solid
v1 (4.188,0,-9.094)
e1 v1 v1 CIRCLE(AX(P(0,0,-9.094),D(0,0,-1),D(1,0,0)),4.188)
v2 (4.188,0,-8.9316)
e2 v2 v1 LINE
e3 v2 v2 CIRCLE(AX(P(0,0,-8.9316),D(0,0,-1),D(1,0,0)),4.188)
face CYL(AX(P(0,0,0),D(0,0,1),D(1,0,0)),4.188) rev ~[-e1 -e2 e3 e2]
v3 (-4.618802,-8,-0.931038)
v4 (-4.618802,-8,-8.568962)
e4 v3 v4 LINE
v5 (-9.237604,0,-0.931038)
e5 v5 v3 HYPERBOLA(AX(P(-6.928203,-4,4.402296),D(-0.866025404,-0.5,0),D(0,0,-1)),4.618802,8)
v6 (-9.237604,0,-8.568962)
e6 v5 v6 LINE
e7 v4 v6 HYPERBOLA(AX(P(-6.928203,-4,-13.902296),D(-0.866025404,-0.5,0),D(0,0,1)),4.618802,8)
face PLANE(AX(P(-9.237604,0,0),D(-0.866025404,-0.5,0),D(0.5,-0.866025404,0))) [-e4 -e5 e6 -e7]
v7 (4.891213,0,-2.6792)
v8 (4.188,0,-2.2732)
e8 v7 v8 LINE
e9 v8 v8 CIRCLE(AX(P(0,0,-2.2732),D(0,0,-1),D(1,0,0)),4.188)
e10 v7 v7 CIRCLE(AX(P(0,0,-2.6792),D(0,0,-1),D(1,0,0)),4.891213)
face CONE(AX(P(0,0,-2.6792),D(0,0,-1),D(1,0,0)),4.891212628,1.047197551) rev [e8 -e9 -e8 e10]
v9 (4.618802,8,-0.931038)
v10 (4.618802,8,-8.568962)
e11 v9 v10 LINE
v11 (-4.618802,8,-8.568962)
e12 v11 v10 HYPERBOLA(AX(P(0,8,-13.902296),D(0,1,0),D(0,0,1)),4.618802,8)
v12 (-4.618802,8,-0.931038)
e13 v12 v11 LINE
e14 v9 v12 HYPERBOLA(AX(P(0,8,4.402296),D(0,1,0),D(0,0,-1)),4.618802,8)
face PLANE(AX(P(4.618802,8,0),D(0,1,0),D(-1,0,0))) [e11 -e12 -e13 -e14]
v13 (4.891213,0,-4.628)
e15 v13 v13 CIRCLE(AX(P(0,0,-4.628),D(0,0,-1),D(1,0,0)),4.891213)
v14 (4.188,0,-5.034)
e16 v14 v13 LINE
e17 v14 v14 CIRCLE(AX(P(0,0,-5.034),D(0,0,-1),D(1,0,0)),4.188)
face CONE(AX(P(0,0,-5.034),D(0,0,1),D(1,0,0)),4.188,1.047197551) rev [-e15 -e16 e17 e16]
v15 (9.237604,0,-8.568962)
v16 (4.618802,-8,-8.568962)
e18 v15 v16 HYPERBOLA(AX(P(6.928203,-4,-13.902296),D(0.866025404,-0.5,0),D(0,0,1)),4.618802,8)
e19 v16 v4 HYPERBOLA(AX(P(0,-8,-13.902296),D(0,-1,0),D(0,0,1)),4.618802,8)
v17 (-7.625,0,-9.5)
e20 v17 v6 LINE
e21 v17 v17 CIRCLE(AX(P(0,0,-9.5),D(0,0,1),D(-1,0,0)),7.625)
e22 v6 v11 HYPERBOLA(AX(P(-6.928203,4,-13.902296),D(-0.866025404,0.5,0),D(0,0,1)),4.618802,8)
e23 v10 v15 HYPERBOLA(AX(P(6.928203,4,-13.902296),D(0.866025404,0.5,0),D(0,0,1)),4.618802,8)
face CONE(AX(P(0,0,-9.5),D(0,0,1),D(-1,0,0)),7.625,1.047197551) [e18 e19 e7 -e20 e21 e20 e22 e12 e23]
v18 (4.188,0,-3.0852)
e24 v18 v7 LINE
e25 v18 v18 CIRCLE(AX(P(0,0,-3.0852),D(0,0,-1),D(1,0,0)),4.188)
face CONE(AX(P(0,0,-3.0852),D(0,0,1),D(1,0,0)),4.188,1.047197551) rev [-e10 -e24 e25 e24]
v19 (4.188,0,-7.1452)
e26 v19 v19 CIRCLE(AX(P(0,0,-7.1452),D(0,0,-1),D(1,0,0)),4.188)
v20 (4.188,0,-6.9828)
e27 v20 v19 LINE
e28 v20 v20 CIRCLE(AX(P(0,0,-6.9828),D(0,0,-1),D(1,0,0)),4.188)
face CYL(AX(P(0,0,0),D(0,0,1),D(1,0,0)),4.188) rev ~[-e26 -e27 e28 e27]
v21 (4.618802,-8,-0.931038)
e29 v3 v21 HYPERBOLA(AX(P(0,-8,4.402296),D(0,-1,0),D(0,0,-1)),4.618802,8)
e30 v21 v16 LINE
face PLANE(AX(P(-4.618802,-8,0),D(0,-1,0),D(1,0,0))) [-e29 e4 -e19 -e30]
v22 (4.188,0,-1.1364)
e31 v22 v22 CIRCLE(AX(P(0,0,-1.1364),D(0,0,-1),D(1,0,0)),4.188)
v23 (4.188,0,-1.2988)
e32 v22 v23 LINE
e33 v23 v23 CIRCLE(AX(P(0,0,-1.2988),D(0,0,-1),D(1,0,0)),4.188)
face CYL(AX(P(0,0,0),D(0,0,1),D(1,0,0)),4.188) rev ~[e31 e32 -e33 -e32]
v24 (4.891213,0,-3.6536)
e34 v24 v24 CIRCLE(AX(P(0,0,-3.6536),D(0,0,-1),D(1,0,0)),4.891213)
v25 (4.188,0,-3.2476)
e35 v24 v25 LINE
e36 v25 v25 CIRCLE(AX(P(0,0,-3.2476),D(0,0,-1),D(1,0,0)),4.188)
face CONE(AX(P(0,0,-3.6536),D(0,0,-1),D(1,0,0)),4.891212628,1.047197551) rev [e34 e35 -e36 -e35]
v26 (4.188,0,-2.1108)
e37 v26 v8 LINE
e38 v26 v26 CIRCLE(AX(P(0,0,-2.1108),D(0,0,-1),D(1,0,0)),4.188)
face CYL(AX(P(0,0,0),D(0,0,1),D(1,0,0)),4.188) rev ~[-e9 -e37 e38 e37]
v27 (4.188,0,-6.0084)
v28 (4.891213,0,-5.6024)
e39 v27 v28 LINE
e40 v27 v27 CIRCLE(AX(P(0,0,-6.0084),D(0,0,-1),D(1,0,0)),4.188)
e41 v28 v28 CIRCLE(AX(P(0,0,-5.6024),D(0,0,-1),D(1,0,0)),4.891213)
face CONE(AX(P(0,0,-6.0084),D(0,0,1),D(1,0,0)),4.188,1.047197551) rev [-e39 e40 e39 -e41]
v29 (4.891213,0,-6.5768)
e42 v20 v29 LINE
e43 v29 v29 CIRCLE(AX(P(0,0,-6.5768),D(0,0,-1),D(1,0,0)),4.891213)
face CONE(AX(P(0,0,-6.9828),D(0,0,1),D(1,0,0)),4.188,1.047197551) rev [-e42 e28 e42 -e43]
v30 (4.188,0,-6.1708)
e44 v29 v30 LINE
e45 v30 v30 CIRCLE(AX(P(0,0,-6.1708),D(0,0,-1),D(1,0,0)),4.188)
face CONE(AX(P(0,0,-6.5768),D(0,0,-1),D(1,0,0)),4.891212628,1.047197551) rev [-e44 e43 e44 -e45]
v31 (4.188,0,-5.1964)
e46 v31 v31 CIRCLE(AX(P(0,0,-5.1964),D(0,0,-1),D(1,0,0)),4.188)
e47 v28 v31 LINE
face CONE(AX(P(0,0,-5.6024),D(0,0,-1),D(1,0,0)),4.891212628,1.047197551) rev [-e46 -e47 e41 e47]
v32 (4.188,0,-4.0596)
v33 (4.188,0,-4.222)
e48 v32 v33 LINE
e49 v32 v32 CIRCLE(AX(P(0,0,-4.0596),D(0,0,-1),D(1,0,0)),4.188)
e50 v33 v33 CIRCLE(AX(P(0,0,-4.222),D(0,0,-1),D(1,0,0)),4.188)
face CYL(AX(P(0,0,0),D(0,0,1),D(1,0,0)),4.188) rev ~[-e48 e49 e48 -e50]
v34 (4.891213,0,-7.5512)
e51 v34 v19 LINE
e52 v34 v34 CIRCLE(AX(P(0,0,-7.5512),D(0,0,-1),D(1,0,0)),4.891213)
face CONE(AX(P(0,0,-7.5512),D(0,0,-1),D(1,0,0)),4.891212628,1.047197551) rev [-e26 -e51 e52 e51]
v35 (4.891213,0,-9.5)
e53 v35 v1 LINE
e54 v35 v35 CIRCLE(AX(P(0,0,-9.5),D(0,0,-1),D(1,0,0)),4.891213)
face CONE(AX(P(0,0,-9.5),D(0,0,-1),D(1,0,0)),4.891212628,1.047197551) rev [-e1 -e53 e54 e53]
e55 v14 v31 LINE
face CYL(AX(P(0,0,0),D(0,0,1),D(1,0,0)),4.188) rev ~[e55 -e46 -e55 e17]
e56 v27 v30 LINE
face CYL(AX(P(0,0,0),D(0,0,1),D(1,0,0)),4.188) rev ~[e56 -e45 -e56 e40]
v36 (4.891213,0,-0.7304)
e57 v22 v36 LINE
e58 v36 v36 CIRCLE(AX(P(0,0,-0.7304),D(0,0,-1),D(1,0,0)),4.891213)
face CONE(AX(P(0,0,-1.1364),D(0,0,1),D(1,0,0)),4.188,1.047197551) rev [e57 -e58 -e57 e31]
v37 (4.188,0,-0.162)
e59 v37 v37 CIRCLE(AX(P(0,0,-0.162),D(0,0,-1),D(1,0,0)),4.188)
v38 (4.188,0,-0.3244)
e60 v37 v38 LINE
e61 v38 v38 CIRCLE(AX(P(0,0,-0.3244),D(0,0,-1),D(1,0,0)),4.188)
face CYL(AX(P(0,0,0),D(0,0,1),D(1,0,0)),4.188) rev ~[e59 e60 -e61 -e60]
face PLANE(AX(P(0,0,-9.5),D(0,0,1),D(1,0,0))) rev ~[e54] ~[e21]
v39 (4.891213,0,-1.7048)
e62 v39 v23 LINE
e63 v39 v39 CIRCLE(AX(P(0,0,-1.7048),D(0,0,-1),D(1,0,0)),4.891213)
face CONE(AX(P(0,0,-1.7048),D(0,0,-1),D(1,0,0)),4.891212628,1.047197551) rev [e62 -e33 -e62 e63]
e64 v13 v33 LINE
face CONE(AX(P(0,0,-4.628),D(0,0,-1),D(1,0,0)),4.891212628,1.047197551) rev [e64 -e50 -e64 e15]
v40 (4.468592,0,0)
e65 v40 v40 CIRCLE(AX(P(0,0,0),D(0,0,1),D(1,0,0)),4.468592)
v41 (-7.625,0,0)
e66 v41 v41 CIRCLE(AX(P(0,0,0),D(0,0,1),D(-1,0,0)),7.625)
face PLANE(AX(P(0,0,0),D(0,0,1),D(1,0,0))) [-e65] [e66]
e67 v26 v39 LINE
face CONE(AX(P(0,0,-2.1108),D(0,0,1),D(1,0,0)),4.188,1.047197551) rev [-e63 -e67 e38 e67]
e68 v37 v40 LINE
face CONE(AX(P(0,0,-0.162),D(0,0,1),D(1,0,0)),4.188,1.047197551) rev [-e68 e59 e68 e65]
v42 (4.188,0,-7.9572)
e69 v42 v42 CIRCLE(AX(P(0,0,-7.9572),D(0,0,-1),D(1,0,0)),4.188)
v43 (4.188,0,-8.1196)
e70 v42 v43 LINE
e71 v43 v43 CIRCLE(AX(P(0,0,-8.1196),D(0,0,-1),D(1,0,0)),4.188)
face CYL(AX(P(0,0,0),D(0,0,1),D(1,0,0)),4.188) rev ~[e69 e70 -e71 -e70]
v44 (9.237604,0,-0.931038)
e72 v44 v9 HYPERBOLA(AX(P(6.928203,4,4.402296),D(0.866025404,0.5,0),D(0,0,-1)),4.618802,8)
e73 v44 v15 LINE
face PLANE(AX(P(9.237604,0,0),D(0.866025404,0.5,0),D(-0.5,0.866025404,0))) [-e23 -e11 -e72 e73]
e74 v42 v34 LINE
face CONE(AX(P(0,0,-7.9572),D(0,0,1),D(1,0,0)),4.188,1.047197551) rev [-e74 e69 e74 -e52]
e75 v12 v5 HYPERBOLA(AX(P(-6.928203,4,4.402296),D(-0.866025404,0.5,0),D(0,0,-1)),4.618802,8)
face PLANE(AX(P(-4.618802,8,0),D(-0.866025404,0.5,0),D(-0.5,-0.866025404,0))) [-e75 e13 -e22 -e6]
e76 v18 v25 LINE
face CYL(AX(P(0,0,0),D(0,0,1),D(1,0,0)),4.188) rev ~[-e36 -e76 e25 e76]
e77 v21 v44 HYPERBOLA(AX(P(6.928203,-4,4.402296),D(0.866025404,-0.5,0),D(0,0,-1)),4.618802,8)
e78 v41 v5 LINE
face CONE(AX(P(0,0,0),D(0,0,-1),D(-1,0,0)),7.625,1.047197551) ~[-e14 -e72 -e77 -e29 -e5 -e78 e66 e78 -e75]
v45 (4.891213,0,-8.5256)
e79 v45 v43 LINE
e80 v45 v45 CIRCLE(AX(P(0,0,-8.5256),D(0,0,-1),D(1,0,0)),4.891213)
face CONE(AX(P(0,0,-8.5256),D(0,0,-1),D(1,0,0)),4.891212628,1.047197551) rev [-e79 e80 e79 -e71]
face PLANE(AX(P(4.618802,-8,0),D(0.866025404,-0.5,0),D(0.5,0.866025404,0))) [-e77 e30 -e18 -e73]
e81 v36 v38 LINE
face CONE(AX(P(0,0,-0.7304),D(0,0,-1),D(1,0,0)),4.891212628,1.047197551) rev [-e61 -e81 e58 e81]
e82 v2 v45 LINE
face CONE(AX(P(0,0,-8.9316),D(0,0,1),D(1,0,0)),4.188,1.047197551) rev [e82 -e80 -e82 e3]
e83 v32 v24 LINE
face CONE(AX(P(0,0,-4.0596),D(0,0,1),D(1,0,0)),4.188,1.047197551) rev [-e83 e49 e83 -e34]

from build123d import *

# Parameters (mm, degrees)
SKETCH1_R        = 4.188
BASENUT_DEPTH    = 9.5
LPATTERN10_COUNT = 11
LPATTERN10_PITCH = 0.9744


with BuildPart() as part:
    # Sketch1 → BaseNut (new body)
    with BuildSketch(Plane.XY):
        Polygon((4.618802154, -8), (9.237604307, 0), (4.618802154, 8), (-4.618802154, 8), (-9.237604307, 0), (-4.618802154, -8), align=None)
        Circle(SKETCH1_R, mode=Mode.SUBTRACT)
    extrude(amount=-BASENUT_DEPTH)

    # Sketch2 → Double-Chamfer (revolve, cut)
    with BuildSketch(Plane(origin=(0, 0, 0), x_dir=(1, 0, 0), z_dir=(0, 1, 0))):
        Polygon((-9.237604307, 9.5), (-7.625, 9.5), (-9.237604307, 8.568962469), align=None)
        Polygon((-9.237604307, 0.931037531), (-9.237604307, 0), (-7.625, 0), align=None)
    revolve(axis=Axis((0, 0, -3.375940562), (0, 0, 1)), mode=Mode.SUBTRACT)

    # Sketch4 → Cut-Revolve10 (revolve, cut)
    with BuildSketch(Plane(origin=(0, 0, 0), x_dir=(1, 0, 0), z_dir=(0, 1, 0))):
        Polygon((4.891212628, 9.5), (4.188, 9.094), (3.376, 9.094), (3.376, 9.906), (4.188, 9.906), align=None)
    cut_revolve10 = revolve(axis=Axis((0, 0, 0), (0, 0, -1)), mode=Mode.SUBTRACT)

    # LPattern10: Cut-Revolve10 ×11
    with Locations(*[(0, 0, i * LPATTERN10_PITCH) for i in range(1, LPATTERN10_COUNT)]):
        add(cut_revolve10, mode=Mode.SUBTRACT)


solid = part.part
